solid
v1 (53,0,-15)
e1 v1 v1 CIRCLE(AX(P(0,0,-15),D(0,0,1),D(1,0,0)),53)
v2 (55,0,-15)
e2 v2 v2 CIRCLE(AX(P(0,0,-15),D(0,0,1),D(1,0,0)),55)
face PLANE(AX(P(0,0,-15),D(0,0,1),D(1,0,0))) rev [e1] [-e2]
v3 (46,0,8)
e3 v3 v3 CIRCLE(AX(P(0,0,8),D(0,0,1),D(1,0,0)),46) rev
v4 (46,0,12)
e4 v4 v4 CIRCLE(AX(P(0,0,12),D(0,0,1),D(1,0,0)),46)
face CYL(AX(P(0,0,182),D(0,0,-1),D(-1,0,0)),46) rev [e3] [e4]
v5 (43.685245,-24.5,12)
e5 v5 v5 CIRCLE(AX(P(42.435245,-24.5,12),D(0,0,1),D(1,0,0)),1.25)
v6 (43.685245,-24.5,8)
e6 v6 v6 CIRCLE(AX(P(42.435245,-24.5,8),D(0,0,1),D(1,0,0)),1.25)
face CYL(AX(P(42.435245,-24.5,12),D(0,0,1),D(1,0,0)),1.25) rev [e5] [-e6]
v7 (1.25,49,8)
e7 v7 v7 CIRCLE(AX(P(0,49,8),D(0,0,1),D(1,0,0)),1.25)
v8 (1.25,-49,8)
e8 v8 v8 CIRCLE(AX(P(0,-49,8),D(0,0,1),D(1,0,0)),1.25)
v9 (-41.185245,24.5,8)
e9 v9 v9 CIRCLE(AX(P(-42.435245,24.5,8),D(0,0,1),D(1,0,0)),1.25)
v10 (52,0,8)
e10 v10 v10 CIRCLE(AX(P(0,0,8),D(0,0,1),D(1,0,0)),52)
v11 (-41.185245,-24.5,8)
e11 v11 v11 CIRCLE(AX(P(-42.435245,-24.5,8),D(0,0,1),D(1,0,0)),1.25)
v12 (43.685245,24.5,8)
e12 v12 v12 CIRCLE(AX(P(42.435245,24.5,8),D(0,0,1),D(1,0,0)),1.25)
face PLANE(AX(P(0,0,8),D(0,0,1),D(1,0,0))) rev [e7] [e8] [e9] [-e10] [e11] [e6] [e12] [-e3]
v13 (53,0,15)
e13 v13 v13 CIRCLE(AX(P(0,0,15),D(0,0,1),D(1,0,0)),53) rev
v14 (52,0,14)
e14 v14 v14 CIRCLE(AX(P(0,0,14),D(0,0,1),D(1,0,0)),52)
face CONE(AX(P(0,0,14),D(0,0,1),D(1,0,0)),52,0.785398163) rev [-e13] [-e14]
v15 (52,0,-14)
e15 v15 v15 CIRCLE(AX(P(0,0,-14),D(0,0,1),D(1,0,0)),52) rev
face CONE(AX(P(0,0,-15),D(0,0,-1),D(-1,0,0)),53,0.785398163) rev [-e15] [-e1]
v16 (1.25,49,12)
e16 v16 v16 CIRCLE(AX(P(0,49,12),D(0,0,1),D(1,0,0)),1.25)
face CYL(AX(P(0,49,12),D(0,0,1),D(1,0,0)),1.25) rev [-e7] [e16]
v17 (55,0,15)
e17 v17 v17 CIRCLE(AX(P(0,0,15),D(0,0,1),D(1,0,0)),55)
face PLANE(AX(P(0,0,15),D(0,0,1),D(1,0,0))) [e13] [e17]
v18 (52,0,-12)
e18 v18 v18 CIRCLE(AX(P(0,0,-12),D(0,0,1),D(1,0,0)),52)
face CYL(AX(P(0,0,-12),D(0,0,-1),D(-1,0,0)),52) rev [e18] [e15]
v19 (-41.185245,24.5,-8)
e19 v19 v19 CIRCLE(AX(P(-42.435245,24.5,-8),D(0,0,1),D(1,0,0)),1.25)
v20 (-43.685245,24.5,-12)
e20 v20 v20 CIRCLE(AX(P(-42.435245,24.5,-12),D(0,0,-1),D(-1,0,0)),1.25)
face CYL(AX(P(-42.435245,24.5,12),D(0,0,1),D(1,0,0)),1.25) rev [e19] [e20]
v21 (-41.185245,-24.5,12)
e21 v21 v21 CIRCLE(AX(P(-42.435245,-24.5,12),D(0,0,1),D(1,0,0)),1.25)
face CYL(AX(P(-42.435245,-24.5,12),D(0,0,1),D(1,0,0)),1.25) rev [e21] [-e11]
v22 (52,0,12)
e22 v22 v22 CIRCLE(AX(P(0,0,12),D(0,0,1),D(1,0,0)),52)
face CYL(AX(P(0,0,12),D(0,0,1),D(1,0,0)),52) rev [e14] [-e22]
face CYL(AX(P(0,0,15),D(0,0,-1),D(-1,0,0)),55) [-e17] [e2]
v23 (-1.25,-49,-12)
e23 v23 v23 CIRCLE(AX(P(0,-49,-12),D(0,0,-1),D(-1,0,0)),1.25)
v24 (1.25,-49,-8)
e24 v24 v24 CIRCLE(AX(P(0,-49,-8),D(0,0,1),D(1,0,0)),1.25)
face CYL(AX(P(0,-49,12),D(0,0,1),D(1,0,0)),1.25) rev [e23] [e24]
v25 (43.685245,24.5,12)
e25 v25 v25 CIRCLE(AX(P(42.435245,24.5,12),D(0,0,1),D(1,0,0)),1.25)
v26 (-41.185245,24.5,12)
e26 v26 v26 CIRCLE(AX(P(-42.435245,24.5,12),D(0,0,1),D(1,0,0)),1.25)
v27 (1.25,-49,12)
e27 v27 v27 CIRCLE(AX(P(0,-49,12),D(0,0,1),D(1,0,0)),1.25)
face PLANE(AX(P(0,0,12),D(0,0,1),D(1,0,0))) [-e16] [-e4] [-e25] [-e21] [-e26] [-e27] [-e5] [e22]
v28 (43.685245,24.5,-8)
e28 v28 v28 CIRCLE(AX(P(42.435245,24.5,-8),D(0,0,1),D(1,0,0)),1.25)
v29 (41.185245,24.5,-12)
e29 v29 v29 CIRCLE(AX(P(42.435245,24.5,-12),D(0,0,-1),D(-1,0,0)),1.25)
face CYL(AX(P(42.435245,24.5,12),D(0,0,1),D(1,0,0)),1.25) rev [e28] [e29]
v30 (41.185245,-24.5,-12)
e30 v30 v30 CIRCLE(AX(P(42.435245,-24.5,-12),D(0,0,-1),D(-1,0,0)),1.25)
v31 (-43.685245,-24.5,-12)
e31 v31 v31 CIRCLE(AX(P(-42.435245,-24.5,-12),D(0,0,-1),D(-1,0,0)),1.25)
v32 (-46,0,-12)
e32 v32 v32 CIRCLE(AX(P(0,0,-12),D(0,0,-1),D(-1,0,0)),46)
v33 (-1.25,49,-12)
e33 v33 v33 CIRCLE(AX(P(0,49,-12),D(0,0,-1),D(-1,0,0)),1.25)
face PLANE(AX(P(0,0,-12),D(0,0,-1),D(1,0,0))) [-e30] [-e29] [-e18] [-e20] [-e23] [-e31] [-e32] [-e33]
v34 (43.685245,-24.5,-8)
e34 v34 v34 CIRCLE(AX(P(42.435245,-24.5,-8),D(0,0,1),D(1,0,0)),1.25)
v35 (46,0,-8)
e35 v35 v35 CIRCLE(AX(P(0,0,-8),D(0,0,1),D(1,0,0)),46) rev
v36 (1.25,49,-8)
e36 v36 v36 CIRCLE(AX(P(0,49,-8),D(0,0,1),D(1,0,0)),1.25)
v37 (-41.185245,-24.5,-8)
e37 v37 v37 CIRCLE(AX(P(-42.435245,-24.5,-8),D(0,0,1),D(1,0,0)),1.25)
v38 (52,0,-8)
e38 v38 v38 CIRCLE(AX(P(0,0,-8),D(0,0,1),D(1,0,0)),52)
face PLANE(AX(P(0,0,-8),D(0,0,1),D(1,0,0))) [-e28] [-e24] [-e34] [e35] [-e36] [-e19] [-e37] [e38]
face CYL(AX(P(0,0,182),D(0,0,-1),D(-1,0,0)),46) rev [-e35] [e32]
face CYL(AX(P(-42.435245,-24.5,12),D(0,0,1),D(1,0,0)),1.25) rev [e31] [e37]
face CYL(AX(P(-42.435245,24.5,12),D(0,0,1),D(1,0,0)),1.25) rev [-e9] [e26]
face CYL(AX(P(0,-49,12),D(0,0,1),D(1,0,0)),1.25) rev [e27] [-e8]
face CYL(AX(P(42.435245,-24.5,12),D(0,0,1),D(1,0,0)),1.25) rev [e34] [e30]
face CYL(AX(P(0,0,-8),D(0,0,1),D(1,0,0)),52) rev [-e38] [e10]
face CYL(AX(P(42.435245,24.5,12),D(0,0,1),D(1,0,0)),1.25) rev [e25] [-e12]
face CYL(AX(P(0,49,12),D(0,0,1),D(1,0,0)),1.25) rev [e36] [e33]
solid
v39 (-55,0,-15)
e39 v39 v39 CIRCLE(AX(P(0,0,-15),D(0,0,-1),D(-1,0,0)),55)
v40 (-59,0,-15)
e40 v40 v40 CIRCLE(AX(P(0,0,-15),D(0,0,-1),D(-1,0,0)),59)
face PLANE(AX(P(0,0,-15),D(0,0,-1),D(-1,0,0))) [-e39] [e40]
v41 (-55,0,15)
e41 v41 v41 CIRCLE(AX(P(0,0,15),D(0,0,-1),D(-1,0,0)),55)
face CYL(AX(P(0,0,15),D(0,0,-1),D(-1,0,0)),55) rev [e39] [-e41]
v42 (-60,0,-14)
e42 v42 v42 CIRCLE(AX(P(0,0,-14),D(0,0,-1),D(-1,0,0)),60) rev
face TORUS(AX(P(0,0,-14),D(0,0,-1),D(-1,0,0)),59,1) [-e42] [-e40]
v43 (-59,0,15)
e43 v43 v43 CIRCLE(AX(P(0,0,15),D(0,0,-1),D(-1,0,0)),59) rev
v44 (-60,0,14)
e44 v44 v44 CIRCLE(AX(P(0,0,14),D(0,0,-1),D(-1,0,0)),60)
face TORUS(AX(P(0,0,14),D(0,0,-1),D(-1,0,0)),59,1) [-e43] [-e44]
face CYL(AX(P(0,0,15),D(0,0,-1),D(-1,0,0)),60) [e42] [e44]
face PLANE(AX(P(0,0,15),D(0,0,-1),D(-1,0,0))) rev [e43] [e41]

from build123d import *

# Parameters (mm, degrees)
SKETCH_1_R               = 55
EXTRUDE_1_DEPTH          = 15
SKETCH_2_R               = 52
CUT_EXTRUDE_1_DEPTH      = 3
SKETCH_3_R               = 46
CUT_EXTRUDE_2_DEPTH      = 194
SKETCH_4_R               = 52
CUT_EXTRUDE_3_DEPTH      = 8
HOLE_WIZARD_M3_1_D       = 2.5
PATTERN_CIRCULAR_1_COUNT = 6
CHAMFER_1_SIZE           = 1
SKETCH_8_R               = 60
SKETCH_8_R_2             = 55
EXTRUDE_2_DEPTH          = 30
FILLET_2_R               = 1


with BuildPart() as part:
    # 草图1 → 凸台-拉伸1 (new, symmetric)
    with BuildSketch(Plane.XY):
        Circle(SKETCH_1_R)
    extrude(amount=EXTRUDE_1_DEPTH, both=True)

    # 草图2 → 切除-拉伸1 (cut)
    with BuildSketch(Plane.XY.offset(15)):
        Circle(SKETCH_2_R)
    cut_extrude_1 = extrude(amount=-CUT_EXTRUDE_1_DEPTH, mode=Mode.SUBTRACT)

    # 镜向1: 切除-拉伸1 across plane
    add(cut_extrude_1.mirror(Plane.XY), mode=Mode.SUBTRACT)

    # 草图3 → 切除-拉伸2 (cut)
    with BuildSketch(Plane(origin=(0, 0, -12), x_dir=(-1, 0, 0), z_dir=(0, 0, -1))):
        Circle(SKETCH_3_R)
    extrude(amount=-CUT_EXTRUDE_2_DEPTH, mode=Mode.SUBTRACT)

    # 草图4 → 切除-拉伸3 (cut, symmetric)
    with BuildSketch(Plane.XY):
        Circle(SKETCH_4_R)
    extrude(amount=CUT_EXTRUDE_3_DEPTH, both=True, mode=Mode.SUBTRACT)

    # M3 螺纹孔1 (through all)
    with Locations(Plane.XY.offset(12)):
        with Locations((0, 49)):
            hole_wizard_m3_1 = Hole(HOLE_WIZARD_M3_1_D / 2)

    # 阵列(圆周)1: M3 螺纹孔1 ×6 about axis
    pattern_circular_1_axis = Axis((0, 0, 0), (0, 0, 1))
    for i in range(1, PATTERN_CIRCULAR_1_COUNT):
        add(hole_wizard_m3_1.rotate(pattern_circular_1_axis, i * 360 / PATTERN_CIRCULAR_1_COUNT), mode=Mode.SUBTRACT)

    # 倒角1
    chamfer_1_edges = [part.edges().sort_by_distance(p)[0] for p in [
        (-52, 0, -15),
        (-52, 0, 15),
    ]]
    chamfer(chamfer_1_edges, length=CHAMFER_1_SIZE)


with BuildPart() as body_2:
    # 草图8 → 凸台-拉伸2 (new body)
    with BuildSketch(Plane(origin=(0, 0, -15), x_dir=(-1, 0, 0), z_dir=(0, 0, -1))):
        Circle(SKETCH_8_R)
        Circle(SKETCH_8_R_2, mode=Mode.SUBTRACT)
    extrude(amount=-EXTRUDE_2_DEPTH)

    # 圆角2
    fillet_2_edges = [body_2.edges().sort_by_distance(p)[0] for p in [
        (60, 0, -15),
        (60, 0, 15),
    ]]
    fillet(fillet_2_edges, radius=FILLET_2_R)


solid = Compound([part.part, body_2.part])
